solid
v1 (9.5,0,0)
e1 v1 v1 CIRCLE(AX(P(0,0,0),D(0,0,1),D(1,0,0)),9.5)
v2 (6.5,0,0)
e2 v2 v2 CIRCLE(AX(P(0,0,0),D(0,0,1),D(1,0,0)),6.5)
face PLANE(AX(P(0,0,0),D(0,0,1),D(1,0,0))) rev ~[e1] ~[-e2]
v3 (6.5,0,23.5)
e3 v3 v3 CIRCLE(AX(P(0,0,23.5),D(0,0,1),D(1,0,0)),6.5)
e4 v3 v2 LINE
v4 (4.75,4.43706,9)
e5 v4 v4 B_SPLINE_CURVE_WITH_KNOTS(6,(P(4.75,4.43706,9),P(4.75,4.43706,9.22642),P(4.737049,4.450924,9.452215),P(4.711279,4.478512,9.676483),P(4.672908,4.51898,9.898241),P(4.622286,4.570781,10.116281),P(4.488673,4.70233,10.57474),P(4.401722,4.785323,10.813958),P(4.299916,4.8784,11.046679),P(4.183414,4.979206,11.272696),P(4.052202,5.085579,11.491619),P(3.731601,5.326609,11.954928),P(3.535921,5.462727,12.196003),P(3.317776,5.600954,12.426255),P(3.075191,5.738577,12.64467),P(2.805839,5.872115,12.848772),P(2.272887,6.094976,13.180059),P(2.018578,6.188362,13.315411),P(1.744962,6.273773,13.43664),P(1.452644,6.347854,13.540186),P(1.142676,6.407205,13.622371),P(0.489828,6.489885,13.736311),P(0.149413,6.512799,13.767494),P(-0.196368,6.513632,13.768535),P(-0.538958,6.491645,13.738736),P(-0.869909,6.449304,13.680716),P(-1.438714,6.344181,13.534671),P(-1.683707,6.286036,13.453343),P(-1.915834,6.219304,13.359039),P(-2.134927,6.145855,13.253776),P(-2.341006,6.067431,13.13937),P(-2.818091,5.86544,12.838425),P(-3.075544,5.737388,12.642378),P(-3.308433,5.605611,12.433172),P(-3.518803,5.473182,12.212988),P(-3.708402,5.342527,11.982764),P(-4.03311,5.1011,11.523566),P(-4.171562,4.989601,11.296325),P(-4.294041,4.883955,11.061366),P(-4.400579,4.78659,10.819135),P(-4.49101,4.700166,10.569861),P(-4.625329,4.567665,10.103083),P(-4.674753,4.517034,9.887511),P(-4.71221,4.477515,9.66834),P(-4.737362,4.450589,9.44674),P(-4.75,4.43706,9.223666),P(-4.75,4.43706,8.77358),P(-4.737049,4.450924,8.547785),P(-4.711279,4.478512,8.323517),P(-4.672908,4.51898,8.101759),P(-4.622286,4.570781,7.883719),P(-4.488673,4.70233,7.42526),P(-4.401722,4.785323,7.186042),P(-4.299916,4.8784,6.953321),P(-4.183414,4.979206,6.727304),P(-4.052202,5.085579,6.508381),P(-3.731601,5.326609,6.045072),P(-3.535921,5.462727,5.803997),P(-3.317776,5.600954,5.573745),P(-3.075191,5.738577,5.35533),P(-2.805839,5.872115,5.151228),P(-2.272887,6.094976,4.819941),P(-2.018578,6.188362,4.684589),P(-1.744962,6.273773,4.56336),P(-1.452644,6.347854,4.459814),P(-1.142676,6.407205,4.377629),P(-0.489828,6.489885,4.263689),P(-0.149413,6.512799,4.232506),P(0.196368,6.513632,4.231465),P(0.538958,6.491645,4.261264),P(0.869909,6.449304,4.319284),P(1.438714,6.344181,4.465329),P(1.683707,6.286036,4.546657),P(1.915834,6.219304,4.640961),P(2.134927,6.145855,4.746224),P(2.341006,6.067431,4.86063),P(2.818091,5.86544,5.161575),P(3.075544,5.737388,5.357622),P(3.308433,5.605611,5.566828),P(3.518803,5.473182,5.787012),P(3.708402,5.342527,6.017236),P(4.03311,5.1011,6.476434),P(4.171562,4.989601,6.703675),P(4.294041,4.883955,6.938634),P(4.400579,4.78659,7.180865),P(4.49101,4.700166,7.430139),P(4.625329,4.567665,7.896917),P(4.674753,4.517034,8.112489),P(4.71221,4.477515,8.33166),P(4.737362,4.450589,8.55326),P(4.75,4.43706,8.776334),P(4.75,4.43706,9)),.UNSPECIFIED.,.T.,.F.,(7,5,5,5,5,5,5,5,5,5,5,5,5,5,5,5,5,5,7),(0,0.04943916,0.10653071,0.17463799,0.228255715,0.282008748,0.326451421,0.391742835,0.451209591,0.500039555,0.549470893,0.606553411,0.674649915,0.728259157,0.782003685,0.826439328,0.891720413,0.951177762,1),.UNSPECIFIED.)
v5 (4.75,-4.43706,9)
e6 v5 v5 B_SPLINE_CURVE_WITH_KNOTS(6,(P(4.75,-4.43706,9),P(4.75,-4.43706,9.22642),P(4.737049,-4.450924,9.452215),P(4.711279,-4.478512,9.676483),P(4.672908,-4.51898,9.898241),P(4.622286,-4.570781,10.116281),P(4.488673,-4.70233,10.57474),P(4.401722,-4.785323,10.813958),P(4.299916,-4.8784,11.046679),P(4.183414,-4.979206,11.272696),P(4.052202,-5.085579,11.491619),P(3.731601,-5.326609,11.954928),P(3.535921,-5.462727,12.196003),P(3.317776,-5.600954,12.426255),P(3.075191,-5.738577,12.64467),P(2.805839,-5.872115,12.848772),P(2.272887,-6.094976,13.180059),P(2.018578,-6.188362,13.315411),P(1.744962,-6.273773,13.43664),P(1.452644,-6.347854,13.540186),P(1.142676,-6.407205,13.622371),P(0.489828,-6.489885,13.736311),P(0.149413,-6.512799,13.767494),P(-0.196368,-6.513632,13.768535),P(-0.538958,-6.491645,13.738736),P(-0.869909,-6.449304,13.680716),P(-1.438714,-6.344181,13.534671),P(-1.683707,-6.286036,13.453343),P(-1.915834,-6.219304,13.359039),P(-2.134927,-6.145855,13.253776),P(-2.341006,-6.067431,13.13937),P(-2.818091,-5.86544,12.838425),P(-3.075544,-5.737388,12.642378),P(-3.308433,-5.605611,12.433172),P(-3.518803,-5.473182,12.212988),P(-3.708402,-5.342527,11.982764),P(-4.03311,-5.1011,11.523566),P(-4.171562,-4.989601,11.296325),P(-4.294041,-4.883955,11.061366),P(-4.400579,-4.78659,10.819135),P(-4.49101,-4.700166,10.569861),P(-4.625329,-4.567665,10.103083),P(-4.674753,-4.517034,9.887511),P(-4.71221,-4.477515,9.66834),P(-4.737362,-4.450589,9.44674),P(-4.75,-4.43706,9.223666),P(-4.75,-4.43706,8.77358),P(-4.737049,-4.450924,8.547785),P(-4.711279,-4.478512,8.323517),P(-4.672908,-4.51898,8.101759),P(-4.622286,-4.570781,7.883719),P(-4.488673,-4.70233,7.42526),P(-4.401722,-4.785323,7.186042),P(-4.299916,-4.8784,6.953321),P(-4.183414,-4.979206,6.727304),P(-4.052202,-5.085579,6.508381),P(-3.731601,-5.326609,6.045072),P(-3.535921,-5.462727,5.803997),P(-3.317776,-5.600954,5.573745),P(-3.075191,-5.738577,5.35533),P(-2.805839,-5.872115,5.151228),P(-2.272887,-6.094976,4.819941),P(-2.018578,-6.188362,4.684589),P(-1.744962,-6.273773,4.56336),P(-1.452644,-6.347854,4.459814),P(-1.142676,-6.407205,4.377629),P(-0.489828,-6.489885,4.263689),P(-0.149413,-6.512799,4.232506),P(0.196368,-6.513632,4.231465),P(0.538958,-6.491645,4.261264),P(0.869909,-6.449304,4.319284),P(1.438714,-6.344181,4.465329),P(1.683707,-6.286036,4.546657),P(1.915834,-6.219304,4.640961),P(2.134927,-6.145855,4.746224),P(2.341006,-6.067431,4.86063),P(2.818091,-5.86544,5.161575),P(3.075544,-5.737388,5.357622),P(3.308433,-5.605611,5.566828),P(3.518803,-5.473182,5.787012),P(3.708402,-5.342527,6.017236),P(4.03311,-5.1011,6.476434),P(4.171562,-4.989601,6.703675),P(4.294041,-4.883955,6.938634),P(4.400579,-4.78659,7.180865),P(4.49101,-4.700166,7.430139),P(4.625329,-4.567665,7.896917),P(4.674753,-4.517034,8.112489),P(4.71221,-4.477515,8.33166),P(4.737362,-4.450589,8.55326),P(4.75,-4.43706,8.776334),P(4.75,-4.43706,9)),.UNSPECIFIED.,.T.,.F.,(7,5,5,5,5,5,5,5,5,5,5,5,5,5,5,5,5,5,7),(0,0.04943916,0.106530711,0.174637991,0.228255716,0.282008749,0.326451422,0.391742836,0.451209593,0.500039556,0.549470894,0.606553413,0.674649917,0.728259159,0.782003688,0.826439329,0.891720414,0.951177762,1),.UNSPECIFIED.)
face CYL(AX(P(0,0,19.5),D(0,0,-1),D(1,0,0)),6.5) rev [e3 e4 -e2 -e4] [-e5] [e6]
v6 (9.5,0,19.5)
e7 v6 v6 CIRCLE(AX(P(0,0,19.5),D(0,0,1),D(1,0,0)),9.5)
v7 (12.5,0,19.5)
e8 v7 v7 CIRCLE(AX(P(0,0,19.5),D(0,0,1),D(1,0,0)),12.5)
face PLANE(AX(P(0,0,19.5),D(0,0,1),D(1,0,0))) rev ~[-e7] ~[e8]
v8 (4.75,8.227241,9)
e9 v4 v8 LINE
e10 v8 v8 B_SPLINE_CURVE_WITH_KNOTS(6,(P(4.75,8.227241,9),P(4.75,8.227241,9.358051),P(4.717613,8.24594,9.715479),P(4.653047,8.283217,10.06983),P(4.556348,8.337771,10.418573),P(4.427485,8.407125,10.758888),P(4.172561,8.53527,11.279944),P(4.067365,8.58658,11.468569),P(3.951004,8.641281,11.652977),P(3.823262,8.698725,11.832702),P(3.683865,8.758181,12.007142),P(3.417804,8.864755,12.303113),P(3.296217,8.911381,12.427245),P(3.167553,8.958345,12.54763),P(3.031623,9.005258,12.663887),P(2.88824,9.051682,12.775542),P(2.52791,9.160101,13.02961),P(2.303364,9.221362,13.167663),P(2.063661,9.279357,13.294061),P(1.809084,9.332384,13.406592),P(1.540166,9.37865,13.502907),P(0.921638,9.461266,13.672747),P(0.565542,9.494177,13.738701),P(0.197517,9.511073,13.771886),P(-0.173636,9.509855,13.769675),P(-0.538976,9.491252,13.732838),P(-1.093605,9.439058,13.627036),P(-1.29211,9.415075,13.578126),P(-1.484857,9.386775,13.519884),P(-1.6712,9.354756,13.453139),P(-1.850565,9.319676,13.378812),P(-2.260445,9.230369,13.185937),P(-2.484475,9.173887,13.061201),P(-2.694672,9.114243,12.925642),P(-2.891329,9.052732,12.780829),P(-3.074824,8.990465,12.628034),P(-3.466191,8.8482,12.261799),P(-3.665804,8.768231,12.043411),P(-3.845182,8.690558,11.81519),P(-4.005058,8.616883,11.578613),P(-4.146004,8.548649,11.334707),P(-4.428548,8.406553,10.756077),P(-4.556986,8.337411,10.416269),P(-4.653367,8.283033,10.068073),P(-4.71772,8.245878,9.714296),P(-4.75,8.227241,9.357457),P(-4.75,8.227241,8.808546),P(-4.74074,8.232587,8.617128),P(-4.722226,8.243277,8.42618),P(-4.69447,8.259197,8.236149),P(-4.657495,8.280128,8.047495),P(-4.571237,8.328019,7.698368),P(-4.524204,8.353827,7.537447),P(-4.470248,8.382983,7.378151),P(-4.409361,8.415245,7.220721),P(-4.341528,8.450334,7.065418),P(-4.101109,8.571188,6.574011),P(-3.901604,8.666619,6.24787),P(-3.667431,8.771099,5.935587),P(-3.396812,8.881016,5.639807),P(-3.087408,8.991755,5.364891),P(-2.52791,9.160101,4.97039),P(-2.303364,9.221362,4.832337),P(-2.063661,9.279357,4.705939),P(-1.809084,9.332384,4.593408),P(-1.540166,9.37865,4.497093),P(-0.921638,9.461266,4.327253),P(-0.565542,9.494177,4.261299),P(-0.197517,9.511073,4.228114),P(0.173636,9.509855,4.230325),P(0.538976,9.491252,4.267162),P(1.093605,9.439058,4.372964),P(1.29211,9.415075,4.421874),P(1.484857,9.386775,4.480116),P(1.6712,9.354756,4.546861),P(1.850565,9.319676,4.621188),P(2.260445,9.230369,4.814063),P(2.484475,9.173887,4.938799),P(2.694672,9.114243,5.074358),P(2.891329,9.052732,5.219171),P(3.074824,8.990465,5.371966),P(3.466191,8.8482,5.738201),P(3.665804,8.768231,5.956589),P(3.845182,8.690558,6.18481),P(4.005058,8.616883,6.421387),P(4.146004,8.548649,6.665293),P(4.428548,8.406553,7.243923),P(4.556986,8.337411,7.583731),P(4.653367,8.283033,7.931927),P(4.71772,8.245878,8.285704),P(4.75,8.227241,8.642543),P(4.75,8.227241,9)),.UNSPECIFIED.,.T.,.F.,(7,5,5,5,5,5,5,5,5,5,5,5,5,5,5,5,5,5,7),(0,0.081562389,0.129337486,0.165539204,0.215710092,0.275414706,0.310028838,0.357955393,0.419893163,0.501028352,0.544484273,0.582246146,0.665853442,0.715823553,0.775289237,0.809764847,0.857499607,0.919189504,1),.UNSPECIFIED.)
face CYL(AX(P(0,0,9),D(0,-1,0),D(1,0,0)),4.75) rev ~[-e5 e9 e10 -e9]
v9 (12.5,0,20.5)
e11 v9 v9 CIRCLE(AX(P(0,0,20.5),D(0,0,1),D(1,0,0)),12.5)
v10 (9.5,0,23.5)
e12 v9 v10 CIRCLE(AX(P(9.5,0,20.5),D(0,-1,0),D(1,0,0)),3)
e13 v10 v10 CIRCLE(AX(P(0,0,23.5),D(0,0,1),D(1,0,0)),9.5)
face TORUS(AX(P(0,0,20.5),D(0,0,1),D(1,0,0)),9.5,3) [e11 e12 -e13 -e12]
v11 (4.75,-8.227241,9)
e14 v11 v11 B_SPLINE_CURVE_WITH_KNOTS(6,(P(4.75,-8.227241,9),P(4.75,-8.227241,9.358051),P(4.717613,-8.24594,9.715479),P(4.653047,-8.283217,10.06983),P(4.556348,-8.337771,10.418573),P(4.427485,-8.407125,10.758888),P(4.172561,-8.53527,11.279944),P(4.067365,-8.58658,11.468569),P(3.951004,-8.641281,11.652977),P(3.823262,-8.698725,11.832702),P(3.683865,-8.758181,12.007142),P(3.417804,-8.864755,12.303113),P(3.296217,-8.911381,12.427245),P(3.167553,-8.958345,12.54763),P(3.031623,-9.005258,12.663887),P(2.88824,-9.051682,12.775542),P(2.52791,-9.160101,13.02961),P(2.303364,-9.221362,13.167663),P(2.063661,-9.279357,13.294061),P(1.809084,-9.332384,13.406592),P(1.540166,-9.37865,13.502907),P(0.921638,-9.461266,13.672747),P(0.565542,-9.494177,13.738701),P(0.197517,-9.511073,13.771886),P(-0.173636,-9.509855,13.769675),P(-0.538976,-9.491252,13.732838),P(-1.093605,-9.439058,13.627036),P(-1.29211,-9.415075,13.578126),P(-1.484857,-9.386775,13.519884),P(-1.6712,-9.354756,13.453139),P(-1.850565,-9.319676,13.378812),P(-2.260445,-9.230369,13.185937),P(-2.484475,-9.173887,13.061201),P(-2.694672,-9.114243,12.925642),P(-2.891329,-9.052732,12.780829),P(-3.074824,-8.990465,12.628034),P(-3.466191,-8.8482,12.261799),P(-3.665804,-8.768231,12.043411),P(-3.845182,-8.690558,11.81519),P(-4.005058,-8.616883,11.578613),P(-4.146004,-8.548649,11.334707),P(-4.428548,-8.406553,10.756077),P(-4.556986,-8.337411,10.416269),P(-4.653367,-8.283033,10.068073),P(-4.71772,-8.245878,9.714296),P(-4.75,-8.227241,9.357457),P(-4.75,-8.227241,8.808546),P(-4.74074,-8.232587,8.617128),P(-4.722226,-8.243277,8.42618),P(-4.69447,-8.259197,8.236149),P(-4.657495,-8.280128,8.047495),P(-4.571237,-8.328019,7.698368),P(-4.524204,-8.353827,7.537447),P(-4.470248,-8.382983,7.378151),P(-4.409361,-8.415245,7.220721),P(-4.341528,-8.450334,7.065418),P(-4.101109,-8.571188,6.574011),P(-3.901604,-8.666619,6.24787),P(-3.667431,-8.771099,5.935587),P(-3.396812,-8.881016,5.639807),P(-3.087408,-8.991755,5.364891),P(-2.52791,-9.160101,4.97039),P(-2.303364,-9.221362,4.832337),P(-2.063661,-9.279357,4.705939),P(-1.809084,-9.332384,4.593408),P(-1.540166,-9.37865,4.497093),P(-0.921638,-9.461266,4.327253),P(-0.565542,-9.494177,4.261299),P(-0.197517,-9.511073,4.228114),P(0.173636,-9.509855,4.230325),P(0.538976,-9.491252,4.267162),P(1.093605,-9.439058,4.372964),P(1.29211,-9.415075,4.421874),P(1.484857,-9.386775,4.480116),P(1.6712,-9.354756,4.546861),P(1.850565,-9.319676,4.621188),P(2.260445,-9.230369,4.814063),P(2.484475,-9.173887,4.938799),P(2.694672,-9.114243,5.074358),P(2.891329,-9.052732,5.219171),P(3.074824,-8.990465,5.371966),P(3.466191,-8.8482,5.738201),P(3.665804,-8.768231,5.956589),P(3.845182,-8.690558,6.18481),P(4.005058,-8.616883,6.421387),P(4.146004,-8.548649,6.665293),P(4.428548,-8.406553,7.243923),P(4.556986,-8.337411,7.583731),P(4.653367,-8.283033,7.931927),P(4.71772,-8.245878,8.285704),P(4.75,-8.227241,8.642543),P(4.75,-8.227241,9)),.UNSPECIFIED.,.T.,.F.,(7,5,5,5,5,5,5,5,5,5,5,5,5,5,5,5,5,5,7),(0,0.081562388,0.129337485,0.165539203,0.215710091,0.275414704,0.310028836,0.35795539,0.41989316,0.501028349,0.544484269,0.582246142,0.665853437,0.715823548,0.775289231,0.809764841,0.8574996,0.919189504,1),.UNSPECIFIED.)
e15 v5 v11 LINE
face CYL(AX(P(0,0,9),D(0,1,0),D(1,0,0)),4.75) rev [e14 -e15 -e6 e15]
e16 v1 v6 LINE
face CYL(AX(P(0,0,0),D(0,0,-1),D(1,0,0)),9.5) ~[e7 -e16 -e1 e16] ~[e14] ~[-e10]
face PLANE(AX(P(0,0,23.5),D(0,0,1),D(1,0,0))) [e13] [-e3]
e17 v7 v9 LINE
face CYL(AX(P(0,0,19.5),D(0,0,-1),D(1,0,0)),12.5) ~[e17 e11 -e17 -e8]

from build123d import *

# Parameters (mm, degrees)
F0_R          = 9.5
F0_R_2        = 6.5
F1_DEPTH      = 19.5
F2_R          = 12.5
F2_R_2        = 6.5
F3_DEPTH      = 4
F4_R          = 3
F5_R          = 4.75
F6_DEPTH      = 25
F6_DEPTH_BACK = 25


with BuildPart() as f1:
    # F0 (on Top) → F1 (new body)
    with BuildSketch(Plane.XY):
        Circle(F0_R)
        Circle(F0_R_2, mode=Mode.SUBTRACT)
    extrude(amount=F1_DEPTH)

    # F2 (on face) → F3 (join)
    with BuildSketch(Plane.XY.offset(19.5)):
        Circle(F2_R)
        Circle(F2_R_2, mode=Mode.SUBTRACT)
    extrude(amount=F3_DEPTH)

    # F4
    f4_edges = [f1.edges().sort_by_distance(p)[0] for p in [
        (-12.5, 0, 23.5),
    ]]
    fillet(f4_edges, radius=F4_R)

    # F5 (on Front) → F6 (cut, two sides)
    with BuildSketch(Plane.XZ) as f6_sk:
        with Locations((0, 9)):
            Circle(F5_R)
    extrude(amount=-F6_DEPTH, mode=Mode.SUBTRACT)
    extrude(f6_sk.sketch, amount=F6_DEPTH_BACK, mode=Mode.SUBTRACT)


solid = f1.part
